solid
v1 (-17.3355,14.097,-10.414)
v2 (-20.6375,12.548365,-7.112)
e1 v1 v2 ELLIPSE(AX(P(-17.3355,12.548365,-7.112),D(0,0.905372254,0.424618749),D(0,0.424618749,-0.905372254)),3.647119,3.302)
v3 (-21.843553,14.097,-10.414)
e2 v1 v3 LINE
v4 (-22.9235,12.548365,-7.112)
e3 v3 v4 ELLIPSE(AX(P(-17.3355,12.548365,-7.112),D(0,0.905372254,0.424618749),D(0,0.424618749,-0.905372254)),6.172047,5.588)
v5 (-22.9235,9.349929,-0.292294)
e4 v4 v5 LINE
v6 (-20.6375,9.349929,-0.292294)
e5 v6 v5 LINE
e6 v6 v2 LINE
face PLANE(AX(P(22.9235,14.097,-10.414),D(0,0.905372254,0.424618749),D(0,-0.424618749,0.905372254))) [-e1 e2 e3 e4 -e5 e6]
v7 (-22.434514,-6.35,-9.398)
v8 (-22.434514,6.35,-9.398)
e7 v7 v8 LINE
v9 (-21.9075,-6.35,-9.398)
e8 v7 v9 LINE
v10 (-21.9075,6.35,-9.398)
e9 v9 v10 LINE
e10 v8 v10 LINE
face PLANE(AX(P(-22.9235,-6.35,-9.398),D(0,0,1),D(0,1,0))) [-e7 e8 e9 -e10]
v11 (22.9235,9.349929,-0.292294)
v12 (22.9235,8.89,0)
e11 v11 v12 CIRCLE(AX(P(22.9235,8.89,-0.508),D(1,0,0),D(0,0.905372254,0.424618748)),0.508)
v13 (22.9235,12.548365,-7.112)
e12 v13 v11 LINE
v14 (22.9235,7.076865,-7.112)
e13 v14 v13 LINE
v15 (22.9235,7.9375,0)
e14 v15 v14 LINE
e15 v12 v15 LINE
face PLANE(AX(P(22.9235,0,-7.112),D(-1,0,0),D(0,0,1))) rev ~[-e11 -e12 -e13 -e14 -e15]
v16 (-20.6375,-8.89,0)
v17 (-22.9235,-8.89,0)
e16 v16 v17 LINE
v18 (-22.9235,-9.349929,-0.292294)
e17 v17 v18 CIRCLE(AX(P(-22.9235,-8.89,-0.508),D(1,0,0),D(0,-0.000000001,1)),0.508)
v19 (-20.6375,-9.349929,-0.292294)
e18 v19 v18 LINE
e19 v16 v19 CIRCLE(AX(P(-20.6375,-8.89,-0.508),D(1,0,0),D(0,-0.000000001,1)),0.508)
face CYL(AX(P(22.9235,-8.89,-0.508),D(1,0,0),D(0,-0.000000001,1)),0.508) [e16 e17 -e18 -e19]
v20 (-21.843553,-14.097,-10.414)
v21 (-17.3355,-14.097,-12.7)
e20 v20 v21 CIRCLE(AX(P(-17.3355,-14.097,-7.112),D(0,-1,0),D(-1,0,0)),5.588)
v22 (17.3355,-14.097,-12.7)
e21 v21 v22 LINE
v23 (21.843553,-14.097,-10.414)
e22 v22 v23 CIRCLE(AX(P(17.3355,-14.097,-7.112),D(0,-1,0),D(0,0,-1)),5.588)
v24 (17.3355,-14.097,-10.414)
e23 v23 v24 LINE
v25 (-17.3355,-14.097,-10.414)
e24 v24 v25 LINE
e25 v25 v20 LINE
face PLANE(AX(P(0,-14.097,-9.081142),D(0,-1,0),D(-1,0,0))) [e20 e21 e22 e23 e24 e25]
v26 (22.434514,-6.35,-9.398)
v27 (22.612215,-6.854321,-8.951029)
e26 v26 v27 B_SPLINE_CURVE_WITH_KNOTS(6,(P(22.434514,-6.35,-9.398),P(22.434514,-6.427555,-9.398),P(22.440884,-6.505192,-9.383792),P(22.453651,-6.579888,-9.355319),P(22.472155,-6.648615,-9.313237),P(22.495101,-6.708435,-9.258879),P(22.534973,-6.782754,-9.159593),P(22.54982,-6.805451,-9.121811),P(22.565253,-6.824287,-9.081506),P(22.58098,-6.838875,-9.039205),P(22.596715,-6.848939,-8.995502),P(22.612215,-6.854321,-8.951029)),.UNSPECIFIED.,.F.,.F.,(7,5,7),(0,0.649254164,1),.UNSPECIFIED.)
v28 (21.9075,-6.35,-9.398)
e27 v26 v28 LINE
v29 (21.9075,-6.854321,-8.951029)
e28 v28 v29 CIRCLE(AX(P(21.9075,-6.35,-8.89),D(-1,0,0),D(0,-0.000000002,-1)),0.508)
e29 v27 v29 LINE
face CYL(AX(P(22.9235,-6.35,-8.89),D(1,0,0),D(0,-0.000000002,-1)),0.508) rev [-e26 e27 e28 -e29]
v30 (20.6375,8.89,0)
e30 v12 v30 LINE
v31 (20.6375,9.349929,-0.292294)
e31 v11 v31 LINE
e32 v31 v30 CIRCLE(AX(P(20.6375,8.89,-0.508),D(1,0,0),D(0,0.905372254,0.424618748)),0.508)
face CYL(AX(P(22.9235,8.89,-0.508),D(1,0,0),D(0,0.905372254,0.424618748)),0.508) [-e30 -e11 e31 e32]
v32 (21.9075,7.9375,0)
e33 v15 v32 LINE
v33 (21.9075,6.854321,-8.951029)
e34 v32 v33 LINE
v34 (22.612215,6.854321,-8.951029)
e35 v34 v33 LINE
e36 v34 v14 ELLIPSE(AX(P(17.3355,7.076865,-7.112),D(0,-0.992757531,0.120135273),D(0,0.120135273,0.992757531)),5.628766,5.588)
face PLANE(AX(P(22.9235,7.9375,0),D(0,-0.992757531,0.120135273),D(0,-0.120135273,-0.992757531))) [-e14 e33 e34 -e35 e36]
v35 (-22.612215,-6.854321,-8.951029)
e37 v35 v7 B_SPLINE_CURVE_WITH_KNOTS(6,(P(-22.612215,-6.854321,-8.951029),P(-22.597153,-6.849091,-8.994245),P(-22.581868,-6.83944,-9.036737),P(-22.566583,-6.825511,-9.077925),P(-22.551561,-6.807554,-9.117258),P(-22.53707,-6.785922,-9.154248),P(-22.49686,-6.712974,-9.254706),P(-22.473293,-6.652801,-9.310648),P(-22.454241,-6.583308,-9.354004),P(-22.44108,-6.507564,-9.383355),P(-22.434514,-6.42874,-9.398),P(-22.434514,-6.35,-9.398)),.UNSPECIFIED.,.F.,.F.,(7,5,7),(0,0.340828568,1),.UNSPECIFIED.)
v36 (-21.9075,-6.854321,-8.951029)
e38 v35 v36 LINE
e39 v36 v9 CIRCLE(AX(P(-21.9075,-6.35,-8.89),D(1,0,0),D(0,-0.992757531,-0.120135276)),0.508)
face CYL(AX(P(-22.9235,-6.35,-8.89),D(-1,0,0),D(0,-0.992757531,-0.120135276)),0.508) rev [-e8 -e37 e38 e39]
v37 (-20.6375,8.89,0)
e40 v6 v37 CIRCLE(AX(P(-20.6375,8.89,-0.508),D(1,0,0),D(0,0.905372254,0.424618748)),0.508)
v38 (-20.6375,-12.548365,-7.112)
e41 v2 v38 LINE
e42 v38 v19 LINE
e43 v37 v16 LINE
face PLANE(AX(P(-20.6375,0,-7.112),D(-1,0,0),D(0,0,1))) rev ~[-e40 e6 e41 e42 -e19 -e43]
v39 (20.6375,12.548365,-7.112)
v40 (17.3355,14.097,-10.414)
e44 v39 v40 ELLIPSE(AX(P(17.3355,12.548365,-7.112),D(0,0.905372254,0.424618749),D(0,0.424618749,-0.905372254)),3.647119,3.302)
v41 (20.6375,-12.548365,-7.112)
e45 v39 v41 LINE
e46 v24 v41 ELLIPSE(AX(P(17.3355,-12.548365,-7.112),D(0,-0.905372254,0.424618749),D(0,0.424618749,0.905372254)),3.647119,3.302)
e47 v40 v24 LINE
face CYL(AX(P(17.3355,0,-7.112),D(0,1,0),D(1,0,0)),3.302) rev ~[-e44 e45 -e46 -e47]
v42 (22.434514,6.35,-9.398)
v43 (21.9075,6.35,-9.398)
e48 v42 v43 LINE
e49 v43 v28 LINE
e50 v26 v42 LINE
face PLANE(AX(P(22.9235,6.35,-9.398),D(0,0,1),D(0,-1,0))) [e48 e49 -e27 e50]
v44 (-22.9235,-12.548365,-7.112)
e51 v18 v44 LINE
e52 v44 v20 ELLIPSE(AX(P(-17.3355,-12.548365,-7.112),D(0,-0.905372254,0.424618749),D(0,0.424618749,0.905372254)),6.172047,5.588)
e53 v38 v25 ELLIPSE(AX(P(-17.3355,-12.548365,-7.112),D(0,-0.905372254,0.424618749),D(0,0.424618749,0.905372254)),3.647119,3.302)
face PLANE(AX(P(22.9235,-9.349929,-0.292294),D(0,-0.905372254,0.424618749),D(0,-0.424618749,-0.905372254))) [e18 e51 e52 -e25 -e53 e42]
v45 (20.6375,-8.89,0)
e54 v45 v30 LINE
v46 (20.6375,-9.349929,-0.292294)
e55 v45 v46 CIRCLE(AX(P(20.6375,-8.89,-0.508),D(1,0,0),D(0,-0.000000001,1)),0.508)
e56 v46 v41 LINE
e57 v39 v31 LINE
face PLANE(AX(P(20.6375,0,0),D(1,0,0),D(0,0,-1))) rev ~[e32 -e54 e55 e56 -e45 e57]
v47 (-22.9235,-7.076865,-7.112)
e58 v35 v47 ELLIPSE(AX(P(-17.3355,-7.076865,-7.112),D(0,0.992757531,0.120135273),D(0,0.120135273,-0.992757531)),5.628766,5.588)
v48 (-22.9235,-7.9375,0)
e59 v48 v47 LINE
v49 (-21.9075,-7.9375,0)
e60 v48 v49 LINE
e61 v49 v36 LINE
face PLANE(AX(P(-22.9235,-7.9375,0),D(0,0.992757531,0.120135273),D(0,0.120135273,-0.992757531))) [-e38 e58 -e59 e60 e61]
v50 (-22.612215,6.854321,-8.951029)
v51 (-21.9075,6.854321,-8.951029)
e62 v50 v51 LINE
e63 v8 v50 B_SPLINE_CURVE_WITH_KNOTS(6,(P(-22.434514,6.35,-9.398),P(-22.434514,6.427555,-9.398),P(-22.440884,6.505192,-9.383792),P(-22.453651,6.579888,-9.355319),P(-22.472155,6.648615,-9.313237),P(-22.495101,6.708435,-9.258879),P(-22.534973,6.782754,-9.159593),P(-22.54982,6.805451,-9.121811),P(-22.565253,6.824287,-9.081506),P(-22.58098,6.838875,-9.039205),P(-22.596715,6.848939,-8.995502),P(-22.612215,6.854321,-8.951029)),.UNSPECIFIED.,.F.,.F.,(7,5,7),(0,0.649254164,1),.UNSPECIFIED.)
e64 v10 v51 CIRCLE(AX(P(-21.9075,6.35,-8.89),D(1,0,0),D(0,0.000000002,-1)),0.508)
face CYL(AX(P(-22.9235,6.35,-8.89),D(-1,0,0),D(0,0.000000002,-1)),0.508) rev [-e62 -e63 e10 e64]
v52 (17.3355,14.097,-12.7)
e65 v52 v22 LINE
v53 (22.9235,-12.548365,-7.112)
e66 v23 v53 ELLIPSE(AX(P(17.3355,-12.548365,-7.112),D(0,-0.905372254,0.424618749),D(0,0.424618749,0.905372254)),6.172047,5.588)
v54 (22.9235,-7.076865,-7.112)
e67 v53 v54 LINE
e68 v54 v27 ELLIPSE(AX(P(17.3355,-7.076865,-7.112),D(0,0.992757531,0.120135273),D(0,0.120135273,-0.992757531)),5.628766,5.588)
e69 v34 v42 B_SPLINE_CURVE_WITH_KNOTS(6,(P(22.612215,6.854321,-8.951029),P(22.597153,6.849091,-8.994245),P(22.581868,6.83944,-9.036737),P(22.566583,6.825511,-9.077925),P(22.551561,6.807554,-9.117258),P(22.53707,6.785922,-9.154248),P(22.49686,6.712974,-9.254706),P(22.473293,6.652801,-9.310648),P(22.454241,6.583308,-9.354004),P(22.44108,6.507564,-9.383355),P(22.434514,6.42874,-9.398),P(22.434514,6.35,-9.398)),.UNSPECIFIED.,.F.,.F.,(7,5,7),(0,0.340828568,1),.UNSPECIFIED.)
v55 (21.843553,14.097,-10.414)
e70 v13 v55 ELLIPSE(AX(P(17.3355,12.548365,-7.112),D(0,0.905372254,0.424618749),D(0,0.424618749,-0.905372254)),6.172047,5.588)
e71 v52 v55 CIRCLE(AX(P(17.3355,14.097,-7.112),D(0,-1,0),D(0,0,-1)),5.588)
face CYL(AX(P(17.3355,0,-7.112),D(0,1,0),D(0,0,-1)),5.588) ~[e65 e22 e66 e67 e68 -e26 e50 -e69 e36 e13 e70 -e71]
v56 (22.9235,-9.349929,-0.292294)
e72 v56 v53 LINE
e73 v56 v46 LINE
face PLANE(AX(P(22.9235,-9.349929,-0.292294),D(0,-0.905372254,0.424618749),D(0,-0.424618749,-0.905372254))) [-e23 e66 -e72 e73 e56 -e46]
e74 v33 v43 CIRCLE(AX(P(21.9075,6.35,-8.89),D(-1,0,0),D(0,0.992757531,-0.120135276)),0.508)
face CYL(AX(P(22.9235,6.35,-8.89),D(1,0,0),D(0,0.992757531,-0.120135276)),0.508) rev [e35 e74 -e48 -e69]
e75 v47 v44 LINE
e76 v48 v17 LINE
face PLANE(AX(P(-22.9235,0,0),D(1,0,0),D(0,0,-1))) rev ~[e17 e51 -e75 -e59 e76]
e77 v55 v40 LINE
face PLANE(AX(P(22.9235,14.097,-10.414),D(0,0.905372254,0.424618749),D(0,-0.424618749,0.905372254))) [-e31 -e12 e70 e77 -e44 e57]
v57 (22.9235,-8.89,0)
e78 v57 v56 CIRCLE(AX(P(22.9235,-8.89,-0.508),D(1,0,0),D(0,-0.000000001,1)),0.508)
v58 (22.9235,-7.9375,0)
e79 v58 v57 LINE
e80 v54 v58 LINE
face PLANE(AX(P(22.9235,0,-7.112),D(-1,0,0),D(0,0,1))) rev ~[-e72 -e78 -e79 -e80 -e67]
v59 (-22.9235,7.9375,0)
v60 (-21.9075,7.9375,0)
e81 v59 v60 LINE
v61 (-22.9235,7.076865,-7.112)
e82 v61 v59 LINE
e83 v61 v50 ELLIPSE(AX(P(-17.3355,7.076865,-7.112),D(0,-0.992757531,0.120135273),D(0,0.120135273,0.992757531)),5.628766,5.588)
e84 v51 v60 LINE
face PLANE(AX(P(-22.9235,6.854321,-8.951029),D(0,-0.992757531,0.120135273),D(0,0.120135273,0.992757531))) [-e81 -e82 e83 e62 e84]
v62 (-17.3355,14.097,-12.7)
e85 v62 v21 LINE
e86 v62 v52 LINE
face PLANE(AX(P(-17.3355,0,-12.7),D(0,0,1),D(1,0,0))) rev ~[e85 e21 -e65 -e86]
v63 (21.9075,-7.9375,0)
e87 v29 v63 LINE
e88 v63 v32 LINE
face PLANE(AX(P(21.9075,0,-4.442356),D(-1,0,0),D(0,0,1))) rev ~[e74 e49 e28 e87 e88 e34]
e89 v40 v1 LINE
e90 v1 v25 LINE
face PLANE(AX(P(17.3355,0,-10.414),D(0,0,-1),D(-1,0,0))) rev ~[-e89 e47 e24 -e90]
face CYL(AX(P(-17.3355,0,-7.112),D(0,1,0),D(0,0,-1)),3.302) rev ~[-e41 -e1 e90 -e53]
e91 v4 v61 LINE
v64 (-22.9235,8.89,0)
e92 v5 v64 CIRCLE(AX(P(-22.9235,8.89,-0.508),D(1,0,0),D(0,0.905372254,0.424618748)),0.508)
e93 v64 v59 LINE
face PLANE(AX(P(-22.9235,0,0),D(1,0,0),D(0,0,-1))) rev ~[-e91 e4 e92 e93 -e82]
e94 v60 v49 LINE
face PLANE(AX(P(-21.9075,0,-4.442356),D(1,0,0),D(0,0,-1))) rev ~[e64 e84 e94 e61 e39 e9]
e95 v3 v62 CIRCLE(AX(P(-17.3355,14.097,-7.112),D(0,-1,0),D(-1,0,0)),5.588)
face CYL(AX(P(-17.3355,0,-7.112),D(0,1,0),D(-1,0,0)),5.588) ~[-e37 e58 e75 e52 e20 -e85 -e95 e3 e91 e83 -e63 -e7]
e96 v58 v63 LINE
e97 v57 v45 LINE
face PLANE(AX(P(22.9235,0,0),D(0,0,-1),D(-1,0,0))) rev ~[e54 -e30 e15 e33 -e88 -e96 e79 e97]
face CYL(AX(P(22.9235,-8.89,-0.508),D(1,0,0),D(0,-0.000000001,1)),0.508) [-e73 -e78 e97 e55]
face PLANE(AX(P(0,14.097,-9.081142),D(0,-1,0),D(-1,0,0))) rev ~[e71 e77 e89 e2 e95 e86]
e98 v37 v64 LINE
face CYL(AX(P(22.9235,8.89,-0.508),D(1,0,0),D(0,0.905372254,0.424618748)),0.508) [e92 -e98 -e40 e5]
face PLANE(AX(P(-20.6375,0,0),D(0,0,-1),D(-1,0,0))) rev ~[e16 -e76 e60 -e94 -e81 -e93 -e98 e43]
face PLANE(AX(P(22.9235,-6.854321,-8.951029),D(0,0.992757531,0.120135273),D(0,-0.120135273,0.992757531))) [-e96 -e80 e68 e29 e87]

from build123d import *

# Parameters (mm, degrees)
BASE_EXTRUDE_THIN_DEPTH = 14.097
CUT_EXTRUDE1_DEPTH      = 46.847
CUT_EXTRUDE2_DEPTH      = 1.016
CUT_EXTRUDE3_DEPTH      = 1.016


with BuildPart() as part:
    # Sketch1 → Base-Extrude-Thin (new body, symmetric)
    with BuildSketch(Plane(origin=(0, 0, 0), x_dir=(1, 0, 0), z_dir=(0, 1, 0))):
        with BuildLine():
            Line((20.6375, 0), (20.6375, 7.112))
            ThreePointArc((20.6375, 7.112), (19.670366591, 9.446866591), (17.3355, 10.414))
            Line((17.3355, 10.414), (-17.3355, 10.414))
            ThreePointArc((-17.3355, 10.414), (-19.670366591, 9.446866591), (-20.6375, 7.112))
            Line((-20.6375, 7.112), (-20.6375, 0))
            Line((-20.6375, 0), (-22.9235, 0))
            Line((-22.9235, 0), (-22.9235, 7.112))
            ThreePointArc((-22.9235, 7.112), (-21.286812693, 11.063312693), (-17.3355, 12.7))
            Line((-17.3355, 12.7), (17.3355, 12.7))
            ThreePointArc((17.3355, 12.7), (21.286812693, 11.063312693), (22.9235, 7.112))
            Line((22.9235, 7.112), (22.9235, 0))
            Line((22.9235, 0), (20.6375, 0))
        make_face()
    extrude(amount=BASE_EXTRUDE_THIN_DEPTH, both=True)

    # Sketch2 → Cut-Extrude1 (cut, through all)
    with BuildSketch(Plane(origin=(22.9235, 0, 0), x_dir=(0, 0, -1), z_dir=(1, 0, 0))):
        with BuildLine():
            Line((73.891155103, 43.867726973), (10.414, 14.097))
            Line((10.414, 14.097), (0.292293676, 9.349929105))
            ThreePointArc((0.292293676, 9.349929105), (0.079256013, 9.162474941), (0, 8.89))
            Line((0, 8.89), (0, -8.89))
            ThreePointArc((0, -8.89), (0.079256013, -9.162474941), (0.292293676, -9.349929105))
            Line((0.292293676, -9.349929105), (10.414, -14.097))
            Line((10.414, -14.097), (73.891155103, -43.867726973))
            Line((73.891155103, -43.867726973), (-66.33217255, -43.867726973))
            Line((-66.33217255, -43.867726973), (-66.33217255, 43.867726973))
            Line((-66.33217255, 43.867726973), (73.891155103, 43.867726973))
        make_face()
    extrude(amount=-CUT_EXTRUDE1_DEPTH, mode=Mode.SUBTRACT)

    # Sketch4 → Cut-Extrude2 (cut)
    with BuildSketch(Plane(origin=(22.9235, 0, 0), x_dir=(0, 0, -1), z_dir=(1, 0, 0))):
        with BuildLine():
            Line((0, 7.9375), (8.951028719, 6.854320826))
            ThreePointArc((8.951028719, 6.854320826), (9.270175347, 6.686943178), (9.398, 6.35))
            Line((9.398, 6.35), (9.398, -6.35))
            ThreePointArc((9.398, -6.35), (9.270175347, -6.686943178), (8.951028719, -6.854320826))
            Line((8.951028719, -6.854320826), (0, -7.9375))
            Line((0, -7.9375), (0, 7.9375))
        make_face()
    extrude(amount=-CUT_EXTRUDE2_DEPTH, mode=Mode.SUBTRACT)

    # Sketch5 → Cut-Extrude3 (cut)
    with BuildSketch(Plane.ZY.offset(22.9235)):
        with BuildLine():
            Line((0, 7.9375), (0, -7.9375))
            Line((0, -7.9375), (-8.951028719, -6.854320826))
            ThreePointArc((-8.951028719, -6.854320826), (-9.270175347, -6.686943178), (-9.398, -6.35))
            Line((-9.398, -6.35), (-9.398, 6.35))
            ThreePointArc((-9.398, 6.35), (-9.270175347, 6.686943178), (-8.951028719, 6.854320826))
            Line((-8.951028719, 6.854320826), (0, 7.9375))
        make_face()
    extrude(amount=-CUT_EXTRUDE3_DEPTH, mode=Mode.SUBTRACT)


solid = part.part
